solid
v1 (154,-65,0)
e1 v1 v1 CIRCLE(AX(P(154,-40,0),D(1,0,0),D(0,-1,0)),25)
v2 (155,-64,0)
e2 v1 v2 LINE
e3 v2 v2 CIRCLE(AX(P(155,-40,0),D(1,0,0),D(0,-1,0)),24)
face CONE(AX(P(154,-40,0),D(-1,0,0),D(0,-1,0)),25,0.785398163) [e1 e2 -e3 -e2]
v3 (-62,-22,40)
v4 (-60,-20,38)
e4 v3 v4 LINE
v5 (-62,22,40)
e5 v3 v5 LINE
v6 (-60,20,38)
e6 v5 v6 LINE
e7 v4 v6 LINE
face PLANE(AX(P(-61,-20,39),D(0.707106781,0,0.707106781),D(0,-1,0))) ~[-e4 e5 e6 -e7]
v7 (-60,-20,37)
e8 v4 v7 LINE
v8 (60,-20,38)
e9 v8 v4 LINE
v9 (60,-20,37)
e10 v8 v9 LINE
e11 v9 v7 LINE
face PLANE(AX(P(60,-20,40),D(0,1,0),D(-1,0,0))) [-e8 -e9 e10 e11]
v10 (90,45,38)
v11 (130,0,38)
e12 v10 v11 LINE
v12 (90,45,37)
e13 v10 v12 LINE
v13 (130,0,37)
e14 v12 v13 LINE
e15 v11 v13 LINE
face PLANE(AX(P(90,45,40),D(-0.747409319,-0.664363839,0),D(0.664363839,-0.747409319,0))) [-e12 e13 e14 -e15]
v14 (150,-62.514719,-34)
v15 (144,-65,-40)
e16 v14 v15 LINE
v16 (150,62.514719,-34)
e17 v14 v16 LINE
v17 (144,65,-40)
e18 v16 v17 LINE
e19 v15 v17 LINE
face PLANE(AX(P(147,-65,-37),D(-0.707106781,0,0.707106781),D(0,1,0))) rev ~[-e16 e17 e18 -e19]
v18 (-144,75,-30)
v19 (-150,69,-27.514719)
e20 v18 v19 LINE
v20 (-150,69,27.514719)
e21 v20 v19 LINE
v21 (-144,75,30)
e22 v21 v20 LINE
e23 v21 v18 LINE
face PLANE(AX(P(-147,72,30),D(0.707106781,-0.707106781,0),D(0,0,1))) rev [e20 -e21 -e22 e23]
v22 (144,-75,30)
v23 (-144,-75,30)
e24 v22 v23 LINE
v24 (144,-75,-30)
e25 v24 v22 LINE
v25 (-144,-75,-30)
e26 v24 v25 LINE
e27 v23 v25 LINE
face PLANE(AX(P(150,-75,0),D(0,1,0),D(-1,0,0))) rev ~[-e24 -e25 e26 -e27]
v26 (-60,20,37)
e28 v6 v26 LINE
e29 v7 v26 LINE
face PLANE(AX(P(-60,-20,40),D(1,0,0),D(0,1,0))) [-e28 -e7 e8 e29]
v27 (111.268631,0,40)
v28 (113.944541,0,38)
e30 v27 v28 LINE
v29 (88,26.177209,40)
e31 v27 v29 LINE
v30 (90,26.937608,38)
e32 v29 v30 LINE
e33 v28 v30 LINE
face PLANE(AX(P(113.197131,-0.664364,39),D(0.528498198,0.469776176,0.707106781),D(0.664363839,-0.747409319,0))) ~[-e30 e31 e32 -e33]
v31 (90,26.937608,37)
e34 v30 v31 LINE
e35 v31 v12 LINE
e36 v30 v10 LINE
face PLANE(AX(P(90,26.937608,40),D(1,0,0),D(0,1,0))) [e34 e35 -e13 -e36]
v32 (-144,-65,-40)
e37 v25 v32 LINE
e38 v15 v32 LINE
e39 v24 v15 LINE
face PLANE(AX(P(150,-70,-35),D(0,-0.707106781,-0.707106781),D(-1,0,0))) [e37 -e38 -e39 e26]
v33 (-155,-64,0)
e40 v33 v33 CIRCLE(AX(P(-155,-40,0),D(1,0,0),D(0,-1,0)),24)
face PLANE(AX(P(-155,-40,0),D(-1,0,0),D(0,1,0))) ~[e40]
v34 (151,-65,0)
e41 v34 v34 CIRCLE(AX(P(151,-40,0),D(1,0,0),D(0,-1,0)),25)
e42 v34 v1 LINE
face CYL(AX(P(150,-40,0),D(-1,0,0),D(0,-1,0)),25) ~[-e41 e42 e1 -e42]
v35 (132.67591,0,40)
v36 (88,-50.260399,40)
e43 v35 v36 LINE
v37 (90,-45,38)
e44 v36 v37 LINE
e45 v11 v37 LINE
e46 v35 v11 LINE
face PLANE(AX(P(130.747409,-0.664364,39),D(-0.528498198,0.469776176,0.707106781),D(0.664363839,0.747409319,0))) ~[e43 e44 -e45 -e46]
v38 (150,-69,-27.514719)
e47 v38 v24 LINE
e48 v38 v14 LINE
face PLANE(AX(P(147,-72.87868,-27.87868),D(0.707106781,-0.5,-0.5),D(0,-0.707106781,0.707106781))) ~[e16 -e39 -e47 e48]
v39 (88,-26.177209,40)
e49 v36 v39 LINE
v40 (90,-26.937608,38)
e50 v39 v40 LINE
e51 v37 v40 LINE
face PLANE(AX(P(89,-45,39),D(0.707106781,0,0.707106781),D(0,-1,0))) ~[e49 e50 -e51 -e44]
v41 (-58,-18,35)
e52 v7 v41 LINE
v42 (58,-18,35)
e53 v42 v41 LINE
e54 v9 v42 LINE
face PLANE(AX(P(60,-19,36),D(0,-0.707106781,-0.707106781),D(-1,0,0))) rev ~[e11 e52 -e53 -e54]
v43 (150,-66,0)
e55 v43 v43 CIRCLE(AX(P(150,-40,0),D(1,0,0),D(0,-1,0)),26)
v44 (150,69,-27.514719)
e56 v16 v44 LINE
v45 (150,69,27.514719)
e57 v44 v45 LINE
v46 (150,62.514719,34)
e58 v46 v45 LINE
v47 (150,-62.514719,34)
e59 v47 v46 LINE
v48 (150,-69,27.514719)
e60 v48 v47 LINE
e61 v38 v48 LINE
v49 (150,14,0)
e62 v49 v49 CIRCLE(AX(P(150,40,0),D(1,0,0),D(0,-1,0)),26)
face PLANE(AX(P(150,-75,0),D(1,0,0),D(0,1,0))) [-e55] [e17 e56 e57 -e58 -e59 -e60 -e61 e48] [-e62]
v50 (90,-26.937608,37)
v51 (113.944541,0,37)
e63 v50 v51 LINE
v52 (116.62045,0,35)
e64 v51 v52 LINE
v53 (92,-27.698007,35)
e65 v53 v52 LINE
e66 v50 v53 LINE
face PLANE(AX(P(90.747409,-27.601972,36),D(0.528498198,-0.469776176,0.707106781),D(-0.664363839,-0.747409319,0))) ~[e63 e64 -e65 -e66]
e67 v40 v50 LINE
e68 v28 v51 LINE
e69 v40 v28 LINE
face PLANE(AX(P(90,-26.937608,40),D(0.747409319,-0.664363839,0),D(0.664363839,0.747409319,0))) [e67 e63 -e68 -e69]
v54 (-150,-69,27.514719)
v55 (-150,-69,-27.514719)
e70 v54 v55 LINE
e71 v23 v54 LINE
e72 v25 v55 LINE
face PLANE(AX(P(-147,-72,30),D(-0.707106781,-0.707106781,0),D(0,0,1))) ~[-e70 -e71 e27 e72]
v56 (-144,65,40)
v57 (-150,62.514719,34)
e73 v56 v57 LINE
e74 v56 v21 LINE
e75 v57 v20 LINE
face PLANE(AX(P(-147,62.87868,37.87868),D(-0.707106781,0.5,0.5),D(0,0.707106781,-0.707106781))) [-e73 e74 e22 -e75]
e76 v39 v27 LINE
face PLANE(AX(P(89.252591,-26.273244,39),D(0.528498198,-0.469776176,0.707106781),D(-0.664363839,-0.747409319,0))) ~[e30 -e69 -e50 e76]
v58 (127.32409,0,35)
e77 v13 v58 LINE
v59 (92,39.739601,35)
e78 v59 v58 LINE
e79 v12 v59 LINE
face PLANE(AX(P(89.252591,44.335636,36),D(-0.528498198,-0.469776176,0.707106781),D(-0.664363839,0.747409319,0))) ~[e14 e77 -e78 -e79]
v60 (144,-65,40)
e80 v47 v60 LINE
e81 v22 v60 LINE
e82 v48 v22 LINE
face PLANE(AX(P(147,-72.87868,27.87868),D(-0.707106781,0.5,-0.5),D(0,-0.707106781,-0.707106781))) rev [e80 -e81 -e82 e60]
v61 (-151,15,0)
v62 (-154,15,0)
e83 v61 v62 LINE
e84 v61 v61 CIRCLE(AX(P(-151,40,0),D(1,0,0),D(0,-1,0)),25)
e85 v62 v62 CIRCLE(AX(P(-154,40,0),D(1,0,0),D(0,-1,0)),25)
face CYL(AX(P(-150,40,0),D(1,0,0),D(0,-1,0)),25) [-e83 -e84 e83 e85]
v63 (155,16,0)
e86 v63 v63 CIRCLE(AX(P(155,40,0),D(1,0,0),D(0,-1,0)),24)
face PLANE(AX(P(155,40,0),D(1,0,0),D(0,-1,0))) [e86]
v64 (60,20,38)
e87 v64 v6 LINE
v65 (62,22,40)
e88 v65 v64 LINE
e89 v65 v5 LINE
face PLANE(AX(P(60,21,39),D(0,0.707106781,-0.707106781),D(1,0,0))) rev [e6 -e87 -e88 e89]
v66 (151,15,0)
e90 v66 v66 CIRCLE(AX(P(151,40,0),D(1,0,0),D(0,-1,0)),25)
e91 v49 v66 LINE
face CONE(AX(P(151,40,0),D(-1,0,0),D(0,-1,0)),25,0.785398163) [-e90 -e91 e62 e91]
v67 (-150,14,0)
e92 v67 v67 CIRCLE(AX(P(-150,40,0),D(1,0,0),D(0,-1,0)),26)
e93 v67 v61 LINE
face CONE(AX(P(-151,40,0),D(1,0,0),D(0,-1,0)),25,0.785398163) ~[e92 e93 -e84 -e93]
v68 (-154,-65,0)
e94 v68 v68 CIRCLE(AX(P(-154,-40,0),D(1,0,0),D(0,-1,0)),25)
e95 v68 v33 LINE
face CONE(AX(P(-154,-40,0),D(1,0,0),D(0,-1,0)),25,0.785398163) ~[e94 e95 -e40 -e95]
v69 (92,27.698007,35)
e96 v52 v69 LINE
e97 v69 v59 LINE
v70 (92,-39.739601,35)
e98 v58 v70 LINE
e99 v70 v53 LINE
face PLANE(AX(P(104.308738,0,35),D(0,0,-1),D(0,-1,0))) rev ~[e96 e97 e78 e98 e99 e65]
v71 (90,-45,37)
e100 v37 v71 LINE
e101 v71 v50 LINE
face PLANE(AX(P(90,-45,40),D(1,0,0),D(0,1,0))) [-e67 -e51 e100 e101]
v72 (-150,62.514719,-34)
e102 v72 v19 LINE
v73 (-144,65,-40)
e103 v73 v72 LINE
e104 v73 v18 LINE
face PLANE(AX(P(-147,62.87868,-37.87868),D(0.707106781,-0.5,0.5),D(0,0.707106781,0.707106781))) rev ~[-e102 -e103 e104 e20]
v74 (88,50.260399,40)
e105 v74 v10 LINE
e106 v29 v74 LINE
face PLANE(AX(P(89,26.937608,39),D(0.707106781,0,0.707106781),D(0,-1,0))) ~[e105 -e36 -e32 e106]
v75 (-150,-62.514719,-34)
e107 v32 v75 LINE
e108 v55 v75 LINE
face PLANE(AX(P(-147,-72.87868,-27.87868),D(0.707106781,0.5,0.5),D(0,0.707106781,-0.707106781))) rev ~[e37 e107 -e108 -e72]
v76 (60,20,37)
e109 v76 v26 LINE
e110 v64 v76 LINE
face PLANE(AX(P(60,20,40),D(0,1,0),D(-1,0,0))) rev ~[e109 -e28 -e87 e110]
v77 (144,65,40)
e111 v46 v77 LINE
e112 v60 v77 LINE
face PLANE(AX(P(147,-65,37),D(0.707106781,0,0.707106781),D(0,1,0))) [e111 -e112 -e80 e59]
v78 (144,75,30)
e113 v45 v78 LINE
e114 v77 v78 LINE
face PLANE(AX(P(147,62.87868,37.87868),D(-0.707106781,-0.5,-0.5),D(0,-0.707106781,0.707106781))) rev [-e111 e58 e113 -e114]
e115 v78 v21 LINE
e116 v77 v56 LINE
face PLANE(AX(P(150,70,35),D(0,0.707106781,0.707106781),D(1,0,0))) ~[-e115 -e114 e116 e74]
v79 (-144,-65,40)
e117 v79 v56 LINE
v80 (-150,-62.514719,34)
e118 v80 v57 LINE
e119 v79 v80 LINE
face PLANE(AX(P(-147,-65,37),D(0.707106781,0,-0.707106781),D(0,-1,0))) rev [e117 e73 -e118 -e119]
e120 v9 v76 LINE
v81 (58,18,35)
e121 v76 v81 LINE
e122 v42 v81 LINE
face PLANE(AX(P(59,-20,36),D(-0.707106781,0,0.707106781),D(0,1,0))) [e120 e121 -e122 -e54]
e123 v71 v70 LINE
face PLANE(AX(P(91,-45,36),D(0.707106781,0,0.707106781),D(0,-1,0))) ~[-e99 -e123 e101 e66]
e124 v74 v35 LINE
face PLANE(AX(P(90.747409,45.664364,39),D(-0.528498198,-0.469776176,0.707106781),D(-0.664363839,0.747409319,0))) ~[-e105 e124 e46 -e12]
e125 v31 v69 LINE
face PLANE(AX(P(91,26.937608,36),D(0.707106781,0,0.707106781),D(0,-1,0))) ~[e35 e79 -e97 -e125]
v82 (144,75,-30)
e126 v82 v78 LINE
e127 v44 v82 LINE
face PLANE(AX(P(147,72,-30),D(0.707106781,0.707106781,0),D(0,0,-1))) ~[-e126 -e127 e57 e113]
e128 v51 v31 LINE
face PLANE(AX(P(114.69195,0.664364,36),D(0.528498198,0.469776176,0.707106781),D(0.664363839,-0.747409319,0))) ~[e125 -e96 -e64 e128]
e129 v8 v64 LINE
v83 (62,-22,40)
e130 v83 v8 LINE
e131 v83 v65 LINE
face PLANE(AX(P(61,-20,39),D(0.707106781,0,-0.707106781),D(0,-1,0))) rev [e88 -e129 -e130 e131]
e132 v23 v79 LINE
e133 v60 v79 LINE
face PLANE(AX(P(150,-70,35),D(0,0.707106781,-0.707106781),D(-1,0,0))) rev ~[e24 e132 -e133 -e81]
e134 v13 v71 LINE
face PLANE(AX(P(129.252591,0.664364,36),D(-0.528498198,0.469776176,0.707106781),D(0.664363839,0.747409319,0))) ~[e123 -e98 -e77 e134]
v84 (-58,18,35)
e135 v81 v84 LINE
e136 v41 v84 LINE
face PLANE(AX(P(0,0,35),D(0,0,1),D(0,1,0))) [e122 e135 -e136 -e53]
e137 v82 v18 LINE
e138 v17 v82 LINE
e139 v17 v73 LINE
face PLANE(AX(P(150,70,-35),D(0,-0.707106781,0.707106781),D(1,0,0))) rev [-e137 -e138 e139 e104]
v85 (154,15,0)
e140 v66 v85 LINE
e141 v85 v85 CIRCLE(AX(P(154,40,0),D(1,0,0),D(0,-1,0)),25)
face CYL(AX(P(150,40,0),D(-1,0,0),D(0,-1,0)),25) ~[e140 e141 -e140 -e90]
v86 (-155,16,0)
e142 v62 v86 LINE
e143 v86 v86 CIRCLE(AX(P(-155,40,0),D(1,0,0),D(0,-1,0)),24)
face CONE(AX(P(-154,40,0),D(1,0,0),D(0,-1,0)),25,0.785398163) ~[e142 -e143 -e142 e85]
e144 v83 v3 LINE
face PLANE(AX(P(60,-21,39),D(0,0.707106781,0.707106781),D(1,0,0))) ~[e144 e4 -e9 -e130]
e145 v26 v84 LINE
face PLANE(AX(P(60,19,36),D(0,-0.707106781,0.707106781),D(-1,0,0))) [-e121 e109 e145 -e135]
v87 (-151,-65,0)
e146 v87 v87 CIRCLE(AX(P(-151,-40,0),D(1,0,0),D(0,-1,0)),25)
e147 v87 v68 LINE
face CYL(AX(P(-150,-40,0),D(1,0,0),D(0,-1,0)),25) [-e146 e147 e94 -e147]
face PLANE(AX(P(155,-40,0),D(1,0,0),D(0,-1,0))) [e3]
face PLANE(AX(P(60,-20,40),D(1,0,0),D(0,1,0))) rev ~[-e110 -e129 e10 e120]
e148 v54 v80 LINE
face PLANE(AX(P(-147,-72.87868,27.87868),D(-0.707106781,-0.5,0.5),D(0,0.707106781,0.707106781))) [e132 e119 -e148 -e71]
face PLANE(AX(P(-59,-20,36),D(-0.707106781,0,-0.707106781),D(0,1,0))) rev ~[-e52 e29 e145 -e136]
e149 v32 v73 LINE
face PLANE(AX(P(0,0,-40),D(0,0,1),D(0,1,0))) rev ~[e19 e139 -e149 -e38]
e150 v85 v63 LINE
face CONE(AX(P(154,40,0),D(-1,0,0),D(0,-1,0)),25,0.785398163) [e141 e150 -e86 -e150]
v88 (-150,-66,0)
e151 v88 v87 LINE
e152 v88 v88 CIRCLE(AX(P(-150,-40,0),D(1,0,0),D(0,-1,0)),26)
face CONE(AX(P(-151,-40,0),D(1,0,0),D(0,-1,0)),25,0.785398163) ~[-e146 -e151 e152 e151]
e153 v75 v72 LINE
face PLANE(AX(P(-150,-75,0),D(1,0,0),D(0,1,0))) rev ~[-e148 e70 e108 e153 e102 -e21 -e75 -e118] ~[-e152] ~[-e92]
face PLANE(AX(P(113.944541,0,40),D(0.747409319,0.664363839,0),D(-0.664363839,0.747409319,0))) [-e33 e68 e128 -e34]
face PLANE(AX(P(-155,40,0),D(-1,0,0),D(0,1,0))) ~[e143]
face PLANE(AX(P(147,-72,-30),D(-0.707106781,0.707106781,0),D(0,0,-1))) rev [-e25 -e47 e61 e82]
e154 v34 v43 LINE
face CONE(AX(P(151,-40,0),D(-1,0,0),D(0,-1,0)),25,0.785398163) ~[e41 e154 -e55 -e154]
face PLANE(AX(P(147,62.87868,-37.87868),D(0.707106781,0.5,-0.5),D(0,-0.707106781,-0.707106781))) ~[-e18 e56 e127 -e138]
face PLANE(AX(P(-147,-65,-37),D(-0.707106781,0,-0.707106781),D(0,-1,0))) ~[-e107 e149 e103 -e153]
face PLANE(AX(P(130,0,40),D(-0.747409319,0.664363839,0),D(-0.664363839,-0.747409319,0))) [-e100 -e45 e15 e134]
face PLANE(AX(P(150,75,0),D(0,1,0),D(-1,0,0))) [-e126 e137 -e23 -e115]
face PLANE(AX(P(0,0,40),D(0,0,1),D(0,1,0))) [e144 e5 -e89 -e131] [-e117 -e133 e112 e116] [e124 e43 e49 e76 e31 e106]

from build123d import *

# Parameters (mm, degrees)
SKETCH1_W             = 150
SKETCH1_H             = 300
BOSS_EXTRUDE1_DEPTH   = 40
SKETCH2_R             = 25
BOSS_EXTRUDE2_DEPTH   = 5
SKETCH3_W             = 40
SKETCH3_H             = 120
CUT_EXTRUDE1_DEPTH    = 5
CUT_EXTRUDE2_DEPTH    = 5
CHAMFER2_SIZE         = 10
CHAMFER3_SIZE         = 2
CHAMFER4_SIZE         = 1
CHAMFER5_SIZE         = 1
CHAMFER6_SIZE         = 6
BODY_MOVE_COPY1_ANGLE = 120


with BuildPart() as part:
    # Sketch1 → Boss-Extrude1 (new, symmetric)
    with BuildSketch(Plane(origin=(0, 0, 0), x_dir=(1, 0, 0), z_dir=(0, 1, 0))):
        Rectangle(SKETCH1_W, SKETCH1_H)
    extrude(amount=BOSS_EXTRUDE1_DEPTH, both=True)

    # Sketch2 → Boss-Extrude2 (add)
    with BuildSketch(Plane.XY.offset(150)):
        with Locations(Location((-40, 0, 0), (0, 0, 180))):
            Circle(SKETCH2_R)
        with Locations(Location((40, 0, 0), (0, 0, 180))):
            Circle(SKETCH2_R)
    boss_extrude2 = extrude(amount=BOSS_EXTRUDE2_DEPTH)

    # Sketch3 → Cut-Extrude1 (cut)
    with BuildSketch(Plane(origin=(0, 40, 0), x_dir=(1, 0, 0), z_dir=(0, 1, 0))):
        Rectangle(SKETCH3_W, SKETCH3_H)
    extrude(amount=-CUT_EXTRUDE1_DEPTH, mode=Mode.SUBTRACT)

    # Sketch4 → Cut-Extrude2 (cut)
    with BuildSketch(Plane(origin=(0, 40, 0), x_dir=(1, 0, 0), z_dir=(0, 1, 0))):
        Polygon((0, -130), (-45, -90), (-26.937608132, -90), (0, -113.944540562), (26.937608132, -90), (45, -90), align=None)
    extrude(amount=-CUT_EXTRUDE2_DEPTH, mode=Mode.SUBTRACT)

    # Chamfer2
    chamfer2_edges = [part.edges().sort_by_distance(p)[0] for p in [
        (75, 40, 0),
        (-75, 40, 0),
        (75, -40, 0),
        (-75, -40, 0),
    ]]
    chamfer(chamfer2_edges, length=CHAMFER2_SIZE)

    # Chamfer3
    chamfer3_edges = [part.edges().sort_by_distance(p)[0] for p in [
        (-20, 35, 0),
        (0, 35, -60),
        (20, 35, 0),
        (0, 35, 60),
        (-20, 40, 0),
        (0, 40, 60),
        (20, 40, 0),
        (0, 40, -60),
        (22.5, 35, 110),
        (-22.5, 35, 110),
        (-35.968804066, 35, 90),
        (-13.468804066, 35, 101.972270281),
        (13.468804066, 35, 101.972270281),
        (35.968804066, 35, 90),
        (22.5, 40, 110),
        (35.968804066, 40, 90),
        (13.468804066, 40, 101.972270281),
        (-13.468804066, 40, 101.972270281),
        (-35.968804066, 40, 90),
        (-22.5, 40, 110),
    ]]
    chamfer(chamfer3_edges, length=CHAMFER3_SIZE)

    # Mirror1: Boss-Extrude2 across plane
    add(boss_extrude2.mirror(Plane.XY))

    # Chamfer4
    chamfer4_edges = [part.edges().sort_by_distance(p)[0] for p in [
        (-15, 0, -155),
        (65, 0, -155),
        (-15, 0, 155),
        (65, 0, 155),
    ]]
    chamfer(chamfer4_edges, length=CHAMFER4_SIZE)

    # Chamfer5
    chamfer5_edges = [part.edges().sort_by_distance(p)[0] for p in [
        (-15, 0, 150),
        (-15, 0, -150),
        (65, 0, -150),
        (65, 0, 150),
    ]]
    chamfer(chamfer5_edges, length=CHAMFER5_SIZE)

    # Chamfer6
    chamfer6_edges = [part.edges().sort_by_distance(p)[0] for p in [
        (75, 0, -150),
        (75, 0, 150),
        (0, -40, -150),
        (-75, 0, -150),
        (0, 40, -150),
        (-70, 35, -150),
        (70, 35, -150),
        (-70, -35, -150),
        (70, -35, -150),
        (0, -40, 150),
        (0, 40, 150),
        (-75, 0, 150),
        (-70, 35, 150),
        (70, 35, 150),
        (-70, -35, 150),
        (70, -35, 150),
    ]]
    chamfer(chamfer6_edges, length=CHAMFER6_SIZE)


with BuildPart() as part_1:
    # Body-Move/Copy1: moved
    add(part.part.rotate(Axis((0, 0, 0), (0.5773502691896252, 0.5773502691896252, 0.5773502691896272)), BODY_MOVE_COPY1_ANGLE))


solid = part_1.part
